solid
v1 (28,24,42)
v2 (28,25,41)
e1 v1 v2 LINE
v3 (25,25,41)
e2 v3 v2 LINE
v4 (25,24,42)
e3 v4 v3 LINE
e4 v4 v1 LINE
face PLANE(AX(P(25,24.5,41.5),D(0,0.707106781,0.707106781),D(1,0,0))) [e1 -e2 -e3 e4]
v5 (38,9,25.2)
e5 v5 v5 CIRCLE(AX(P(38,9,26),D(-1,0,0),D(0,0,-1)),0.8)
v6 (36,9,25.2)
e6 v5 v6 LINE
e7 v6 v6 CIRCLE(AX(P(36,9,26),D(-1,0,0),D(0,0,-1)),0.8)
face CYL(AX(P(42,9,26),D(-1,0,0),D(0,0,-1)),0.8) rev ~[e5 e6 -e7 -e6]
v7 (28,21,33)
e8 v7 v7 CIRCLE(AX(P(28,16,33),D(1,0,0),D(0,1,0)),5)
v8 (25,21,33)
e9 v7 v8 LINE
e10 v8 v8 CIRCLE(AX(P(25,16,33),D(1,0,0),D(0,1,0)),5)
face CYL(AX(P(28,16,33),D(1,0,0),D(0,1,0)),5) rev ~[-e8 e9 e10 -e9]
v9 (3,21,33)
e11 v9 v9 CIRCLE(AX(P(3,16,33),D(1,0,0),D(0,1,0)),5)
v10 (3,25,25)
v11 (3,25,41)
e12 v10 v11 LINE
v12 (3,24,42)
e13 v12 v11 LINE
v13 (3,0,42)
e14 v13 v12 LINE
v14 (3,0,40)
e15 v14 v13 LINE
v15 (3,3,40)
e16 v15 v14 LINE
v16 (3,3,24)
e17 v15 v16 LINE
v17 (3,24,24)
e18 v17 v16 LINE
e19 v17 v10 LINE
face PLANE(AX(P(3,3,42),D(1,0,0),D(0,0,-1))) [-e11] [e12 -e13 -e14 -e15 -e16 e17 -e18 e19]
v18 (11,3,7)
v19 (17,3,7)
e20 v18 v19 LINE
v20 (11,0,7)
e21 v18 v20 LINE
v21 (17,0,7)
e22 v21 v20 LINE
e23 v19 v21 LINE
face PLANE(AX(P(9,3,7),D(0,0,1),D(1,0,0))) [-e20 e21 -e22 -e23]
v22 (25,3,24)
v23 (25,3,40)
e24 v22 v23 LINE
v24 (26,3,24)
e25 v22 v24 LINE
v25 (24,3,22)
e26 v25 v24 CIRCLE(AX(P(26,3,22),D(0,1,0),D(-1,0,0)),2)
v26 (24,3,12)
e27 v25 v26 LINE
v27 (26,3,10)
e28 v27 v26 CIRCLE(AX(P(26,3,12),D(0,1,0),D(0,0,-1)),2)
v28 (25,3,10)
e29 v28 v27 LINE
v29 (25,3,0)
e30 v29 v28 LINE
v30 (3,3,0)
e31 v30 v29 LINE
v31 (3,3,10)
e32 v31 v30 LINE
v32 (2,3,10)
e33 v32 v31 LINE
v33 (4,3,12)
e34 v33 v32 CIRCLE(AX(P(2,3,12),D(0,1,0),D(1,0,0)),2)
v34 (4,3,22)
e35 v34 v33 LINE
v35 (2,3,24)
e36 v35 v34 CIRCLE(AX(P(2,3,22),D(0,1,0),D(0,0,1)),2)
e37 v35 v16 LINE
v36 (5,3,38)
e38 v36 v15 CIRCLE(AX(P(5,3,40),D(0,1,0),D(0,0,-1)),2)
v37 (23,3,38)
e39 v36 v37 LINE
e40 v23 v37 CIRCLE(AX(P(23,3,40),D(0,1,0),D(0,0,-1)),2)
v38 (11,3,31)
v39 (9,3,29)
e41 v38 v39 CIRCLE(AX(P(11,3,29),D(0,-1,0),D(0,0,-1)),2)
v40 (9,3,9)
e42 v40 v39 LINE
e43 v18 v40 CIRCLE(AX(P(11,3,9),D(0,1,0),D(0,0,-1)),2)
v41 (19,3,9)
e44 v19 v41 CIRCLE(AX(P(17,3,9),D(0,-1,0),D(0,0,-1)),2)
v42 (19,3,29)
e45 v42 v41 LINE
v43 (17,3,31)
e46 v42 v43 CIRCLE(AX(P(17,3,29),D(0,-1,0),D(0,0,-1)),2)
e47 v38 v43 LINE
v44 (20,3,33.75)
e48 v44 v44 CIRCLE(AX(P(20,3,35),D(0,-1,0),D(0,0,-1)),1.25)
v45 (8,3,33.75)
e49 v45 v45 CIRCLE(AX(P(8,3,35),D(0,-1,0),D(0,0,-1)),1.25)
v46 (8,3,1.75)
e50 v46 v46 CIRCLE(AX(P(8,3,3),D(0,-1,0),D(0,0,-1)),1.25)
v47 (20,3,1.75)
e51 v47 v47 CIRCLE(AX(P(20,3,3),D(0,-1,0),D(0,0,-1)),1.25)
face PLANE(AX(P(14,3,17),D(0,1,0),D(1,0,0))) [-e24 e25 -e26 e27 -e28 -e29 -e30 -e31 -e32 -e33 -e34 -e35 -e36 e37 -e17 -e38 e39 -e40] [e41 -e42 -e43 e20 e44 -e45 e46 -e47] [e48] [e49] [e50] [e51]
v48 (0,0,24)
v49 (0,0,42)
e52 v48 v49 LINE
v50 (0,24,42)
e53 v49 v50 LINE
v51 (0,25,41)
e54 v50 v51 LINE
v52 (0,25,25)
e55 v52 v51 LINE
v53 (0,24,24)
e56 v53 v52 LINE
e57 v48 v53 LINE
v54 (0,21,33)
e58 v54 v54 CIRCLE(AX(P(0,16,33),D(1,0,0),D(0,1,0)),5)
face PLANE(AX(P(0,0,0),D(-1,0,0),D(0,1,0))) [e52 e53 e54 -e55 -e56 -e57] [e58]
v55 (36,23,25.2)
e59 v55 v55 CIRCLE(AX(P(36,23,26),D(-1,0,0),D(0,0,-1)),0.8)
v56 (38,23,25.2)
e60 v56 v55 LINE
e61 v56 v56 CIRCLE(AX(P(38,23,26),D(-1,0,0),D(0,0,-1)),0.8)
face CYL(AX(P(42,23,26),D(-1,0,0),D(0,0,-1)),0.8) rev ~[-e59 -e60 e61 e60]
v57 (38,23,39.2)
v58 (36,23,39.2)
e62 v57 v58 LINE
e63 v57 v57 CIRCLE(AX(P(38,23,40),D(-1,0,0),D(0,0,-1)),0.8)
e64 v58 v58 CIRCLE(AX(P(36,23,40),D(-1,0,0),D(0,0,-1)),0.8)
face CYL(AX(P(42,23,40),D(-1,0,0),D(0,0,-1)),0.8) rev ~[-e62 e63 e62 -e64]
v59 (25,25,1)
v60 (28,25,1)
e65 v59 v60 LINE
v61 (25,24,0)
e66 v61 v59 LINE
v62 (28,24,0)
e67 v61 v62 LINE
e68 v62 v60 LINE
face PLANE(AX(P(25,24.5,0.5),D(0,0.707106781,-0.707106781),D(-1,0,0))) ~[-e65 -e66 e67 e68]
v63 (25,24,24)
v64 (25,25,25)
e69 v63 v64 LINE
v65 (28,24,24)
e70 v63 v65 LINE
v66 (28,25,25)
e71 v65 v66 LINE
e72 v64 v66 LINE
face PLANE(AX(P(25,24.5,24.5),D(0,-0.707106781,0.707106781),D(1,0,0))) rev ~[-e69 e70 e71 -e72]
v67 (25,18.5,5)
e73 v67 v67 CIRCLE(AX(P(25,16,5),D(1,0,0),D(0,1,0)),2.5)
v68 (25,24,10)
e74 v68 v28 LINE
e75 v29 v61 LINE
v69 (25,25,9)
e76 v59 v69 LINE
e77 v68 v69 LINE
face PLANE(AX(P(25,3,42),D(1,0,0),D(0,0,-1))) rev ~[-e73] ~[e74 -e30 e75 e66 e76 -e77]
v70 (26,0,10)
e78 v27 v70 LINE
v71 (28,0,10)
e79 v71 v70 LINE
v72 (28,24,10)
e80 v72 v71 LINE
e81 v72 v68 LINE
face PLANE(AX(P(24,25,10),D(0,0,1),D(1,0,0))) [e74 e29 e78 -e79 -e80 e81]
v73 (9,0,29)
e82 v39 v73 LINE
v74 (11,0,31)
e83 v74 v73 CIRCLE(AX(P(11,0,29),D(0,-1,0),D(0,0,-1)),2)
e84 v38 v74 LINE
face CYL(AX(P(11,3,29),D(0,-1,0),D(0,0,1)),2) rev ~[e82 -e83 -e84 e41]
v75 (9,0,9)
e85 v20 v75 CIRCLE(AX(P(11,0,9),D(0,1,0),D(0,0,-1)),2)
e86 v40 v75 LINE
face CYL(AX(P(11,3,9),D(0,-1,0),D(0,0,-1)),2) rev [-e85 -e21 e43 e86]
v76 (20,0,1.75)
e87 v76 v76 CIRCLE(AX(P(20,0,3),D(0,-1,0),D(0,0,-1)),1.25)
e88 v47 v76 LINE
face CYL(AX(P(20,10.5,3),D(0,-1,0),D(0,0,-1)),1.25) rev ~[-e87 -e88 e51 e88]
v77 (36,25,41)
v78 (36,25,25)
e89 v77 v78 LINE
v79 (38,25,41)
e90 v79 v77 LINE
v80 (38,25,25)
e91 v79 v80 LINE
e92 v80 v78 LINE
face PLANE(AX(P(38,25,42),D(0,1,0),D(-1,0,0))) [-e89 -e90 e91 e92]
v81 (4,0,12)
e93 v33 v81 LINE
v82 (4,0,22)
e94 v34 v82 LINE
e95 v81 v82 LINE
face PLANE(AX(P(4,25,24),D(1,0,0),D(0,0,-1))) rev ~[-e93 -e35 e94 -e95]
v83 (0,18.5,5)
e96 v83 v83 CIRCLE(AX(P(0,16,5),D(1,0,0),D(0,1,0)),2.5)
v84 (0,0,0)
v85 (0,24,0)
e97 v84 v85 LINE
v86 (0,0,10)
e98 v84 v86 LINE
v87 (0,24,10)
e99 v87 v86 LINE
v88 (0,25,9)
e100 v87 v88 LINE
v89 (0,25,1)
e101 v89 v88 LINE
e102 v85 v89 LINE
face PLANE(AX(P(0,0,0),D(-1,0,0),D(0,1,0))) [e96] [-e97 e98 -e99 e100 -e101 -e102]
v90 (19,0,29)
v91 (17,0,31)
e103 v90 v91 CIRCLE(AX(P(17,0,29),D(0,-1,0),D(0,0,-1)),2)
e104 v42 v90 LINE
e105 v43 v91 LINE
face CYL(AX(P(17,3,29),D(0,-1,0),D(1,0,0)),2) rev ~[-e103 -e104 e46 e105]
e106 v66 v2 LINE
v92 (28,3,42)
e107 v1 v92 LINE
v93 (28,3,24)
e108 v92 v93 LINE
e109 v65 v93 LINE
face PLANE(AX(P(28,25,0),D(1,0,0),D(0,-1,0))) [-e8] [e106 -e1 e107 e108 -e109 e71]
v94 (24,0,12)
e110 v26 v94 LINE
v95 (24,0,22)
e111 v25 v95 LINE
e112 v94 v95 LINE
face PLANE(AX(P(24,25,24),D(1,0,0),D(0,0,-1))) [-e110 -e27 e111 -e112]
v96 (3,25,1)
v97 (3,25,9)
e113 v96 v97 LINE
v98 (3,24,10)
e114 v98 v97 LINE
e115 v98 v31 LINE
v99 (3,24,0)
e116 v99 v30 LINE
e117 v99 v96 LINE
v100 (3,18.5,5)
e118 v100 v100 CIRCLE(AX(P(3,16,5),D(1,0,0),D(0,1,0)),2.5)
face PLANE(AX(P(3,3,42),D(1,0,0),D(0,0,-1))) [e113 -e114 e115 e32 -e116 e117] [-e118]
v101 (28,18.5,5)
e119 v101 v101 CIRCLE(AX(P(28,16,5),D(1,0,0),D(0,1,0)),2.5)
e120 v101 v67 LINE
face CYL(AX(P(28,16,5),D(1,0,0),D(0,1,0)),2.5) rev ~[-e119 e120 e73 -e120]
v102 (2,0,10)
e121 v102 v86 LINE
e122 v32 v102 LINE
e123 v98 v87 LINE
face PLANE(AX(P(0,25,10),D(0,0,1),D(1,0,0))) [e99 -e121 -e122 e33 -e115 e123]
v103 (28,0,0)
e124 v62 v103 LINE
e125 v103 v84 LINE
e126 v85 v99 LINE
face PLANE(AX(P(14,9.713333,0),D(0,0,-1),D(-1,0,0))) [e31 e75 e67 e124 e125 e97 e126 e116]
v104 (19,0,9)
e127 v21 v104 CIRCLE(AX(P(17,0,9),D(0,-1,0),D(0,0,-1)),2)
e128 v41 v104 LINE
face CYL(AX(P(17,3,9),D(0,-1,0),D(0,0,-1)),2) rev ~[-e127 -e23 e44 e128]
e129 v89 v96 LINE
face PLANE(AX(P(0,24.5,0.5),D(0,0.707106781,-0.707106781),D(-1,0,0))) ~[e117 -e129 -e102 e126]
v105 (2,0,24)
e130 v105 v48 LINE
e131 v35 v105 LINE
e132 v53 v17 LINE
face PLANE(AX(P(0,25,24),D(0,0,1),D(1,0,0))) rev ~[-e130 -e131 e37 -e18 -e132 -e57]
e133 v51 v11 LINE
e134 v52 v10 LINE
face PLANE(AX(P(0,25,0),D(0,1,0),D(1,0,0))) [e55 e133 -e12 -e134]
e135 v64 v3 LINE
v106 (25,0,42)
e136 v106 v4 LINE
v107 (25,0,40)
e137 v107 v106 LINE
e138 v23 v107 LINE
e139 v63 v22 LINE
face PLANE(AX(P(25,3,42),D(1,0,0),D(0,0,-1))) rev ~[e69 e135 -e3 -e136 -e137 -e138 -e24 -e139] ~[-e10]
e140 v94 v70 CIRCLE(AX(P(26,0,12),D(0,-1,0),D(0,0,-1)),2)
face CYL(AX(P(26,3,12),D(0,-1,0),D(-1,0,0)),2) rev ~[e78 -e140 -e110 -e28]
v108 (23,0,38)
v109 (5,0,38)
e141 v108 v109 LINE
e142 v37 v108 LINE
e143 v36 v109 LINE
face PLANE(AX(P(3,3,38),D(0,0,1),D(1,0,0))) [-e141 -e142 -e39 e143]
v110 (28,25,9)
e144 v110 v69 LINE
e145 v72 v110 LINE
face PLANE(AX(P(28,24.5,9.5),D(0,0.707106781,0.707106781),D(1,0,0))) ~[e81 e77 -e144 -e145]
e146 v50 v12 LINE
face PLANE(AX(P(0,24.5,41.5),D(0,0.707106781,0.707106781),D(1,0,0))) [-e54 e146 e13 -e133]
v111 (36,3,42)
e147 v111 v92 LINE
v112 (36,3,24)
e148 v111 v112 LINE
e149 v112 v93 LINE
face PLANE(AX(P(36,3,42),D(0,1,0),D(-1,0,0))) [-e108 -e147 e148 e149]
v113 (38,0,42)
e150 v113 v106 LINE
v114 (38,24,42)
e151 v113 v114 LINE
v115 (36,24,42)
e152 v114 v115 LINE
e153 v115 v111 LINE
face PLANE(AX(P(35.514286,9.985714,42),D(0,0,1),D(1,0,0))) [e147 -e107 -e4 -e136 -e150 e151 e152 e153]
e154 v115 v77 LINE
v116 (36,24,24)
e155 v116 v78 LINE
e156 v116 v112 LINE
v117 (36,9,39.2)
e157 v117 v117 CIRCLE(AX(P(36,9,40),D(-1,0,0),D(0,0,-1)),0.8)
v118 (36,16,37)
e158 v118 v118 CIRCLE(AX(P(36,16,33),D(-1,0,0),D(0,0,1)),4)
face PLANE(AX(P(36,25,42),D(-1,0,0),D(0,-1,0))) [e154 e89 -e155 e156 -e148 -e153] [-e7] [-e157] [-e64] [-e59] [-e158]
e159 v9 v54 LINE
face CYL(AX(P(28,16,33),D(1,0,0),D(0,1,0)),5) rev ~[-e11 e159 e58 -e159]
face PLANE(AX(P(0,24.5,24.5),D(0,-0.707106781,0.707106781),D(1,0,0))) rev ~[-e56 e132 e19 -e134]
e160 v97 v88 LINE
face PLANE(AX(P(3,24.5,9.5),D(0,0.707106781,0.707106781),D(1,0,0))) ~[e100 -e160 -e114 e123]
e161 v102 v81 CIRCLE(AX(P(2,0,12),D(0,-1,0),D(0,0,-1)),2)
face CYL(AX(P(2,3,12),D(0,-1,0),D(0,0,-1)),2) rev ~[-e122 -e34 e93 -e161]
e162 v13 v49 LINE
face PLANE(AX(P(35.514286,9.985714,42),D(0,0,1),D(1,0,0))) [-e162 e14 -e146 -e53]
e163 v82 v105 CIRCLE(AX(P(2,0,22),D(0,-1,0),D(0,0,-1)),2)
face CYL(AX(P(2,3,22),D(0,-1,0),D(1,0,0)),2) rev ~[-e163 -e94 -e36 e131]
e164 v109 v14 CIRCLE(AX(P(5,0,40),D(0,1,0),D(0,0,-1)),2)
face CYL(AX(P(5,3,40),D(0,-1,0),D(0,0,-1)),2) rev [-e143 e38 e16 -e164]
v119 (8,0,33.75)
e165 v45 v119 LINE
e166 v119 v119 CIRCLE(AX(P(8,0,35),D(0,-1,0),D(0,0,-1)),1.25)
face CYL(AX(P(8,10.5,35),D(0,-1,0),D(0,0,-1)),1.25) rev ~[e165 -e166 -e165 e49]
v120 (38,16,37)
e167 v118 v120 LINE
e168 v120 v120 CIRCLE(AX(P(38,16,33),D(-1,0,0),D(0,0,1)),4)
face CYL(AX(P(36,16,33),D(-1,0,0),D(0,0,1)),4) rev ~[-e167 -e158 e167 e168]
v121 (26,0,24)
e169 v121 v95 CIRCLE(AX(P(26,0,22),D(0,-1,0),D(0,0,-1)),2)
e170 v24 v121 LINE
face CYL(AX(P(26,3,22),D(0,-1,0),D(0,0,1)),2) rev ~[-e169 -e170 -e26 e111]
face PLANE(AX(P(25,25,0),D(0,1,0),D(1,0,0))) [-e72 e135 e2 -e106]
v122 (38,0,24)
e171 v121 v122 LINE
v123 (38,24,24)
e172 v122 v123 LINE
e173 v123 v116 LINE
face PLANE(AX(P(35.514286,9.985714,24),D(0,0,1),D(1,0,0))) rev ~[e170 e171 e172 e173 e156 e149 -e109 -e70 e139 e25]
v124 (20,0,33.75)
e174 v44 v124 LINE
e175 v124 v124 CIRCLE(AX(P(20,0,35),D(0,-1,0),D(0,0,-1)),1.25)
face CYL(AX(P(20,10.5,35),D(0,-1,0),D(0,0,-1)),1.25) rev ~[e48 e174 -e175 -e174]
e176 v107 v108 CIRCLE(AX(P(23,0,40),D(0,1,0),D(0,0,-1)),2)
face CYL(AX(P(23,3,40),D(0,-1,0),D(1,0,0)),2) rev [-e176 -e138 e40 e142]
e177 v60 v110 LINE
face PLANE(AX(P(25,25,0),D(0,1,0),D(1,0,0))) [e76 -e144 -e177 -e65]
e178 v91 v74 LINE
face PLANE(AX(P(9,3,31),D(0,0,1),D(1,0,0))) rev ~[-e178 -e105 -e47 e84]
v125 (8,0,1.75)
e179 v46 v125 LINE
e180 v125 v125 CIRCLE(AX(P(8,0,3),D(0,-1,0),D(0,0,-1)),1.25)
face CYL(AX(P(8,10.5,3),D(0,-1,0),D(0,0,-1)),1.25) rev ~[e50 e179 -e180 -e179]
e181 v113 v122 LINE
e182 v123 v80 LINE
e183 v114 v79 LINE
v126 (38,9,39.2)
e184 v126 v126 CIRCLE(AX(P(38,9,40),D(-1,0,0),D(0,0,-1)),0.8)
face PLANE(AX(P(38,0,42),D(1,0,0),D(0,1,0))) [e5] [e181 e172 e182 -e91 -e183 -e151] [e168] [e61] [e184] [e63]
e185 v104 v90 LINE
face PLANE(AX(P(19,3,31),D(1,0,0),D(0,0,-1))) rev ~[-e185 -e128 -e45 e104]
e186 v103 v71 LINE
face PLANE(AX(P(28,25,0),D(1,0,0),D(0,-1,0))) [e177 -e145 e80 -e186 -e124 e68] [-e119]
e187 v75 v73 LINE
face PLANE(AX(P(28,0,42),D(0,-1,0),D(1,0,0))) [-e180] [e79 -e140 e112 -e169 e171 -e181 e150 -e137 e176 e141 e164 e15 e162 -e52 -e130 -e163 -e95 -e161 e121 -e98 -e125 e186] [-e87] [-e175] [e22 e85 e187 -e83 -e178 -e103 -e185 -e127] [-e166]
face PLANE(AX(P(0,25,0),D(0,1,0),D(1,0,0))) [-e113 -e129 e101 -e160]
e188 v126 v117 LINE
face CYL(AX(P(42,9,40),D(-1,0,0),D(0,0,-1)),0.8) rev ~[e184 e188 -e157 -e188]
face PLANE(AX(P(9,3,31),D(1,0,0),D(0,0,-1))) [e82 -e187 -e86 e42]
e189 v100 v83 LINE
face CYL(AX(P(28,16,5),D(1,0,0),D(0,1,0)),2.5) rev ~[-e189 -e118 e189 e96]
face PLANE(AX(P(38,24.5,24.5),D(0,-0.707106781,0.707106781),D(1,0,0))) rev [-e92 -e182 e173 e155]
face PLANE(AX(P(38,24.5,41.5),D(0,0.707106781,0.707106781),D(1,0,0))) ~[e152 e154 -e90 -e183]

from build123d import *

# Parameters (mm, degrees)
EXTRUDE_1_DEPTH        = 42
SKETCH_2_R             = 2.5
SKETCH_2_R_2           = 5
CUT_EXTRUDE_1_DEPTH    = 57.329388422
EXTRUDE_2_DEPTH        = 18
SKETCH_5_R             = 4
CUT_EXTRUDE_2_DEPTH    = 61.704200843
HOLE_WIZARD_M3_1_D     = 2.5
HOLE_WIZARD_M3_1_DEPTH = 7.5
HOLE_WIZARD_M3_1_TIP   = 0.751075774
SKETCH_9_W             = 22
SKETCH_9_H             = 4
CUT_EXTRUDE_4_DEPTH    = 61.761830124
FILLET_1_R             = 2
SKETCH_10_W            = 10
SKETCH_10_H            = 24
CUT_EXTRUDE_5_DEPTH    = 61.761830124
FILLET_2_R             = 2
SKETCH_11_W            = 4
SKETCH_11_H            = 14
CUT_EXTRUDE_8_DEPTH    = 62.911226769
FILLET_3_R             = 2
SKETCH_12_W            = 28
SKETCH_12_H            = 14
CUT_EXTRUDE_9_DEPTH    = 22
HOLE_WIZARD_M2_1_D     = 1.6
HOLE_WIZARD_M2_1_DEPTH = 4
HOLE_WIZARD_M2_1_TIP   = 0.480688495
CHAMFER_1_SIZE         = 1


with BuildPart() as part:
    # 草图1 → 凸台-拉伸1 (new body)
    with BuildSketch(Plane.XY):
        Polygon((0, 0), (0, 25), (3, 25), (3, 3), (25, 3), (25, 25), (28, 25), (28, 0), align=None)
    extrude(amount=EXTRUDE_1_DEPTH)

    # 草图2 → 切除-拉伸1 (cut, through all)
    with BuildSketch(Plane(origin=(28, 0, 0), x_dir=(0, 0, -1), z_dir=(1, 0, 0))):
        with Locations(Location((-5, 16, 0), (0, 0, 90))):
            Circle(SKETCH_2_R)
        with Locations(Location((-33, 16, 0), (0, 0, 90))):
            Circle(SKETCH_2_R_2)
    extrude(amount=-CUT_EXTRUDE_1_DEPTH, mode=Mode.SUBTRACT)

    # 草图3 → 凸台-拉伸2 (add)
    with BuildSketch(Plane.XY.offset(42)):
        Polygon((28, 0), (38, 0), (38, 25), (36, 25), (36, 3), (28, 3), align=None)
    extrude(amount=-EXTRUDE_2_DEPTH)

    # 草图5 → 切除-拉伸2 (cut, through all)
    with BuildSketch(Plane.ZY.offset(-36)):
        with Locations((33, 16)):
            Circle(SKETCH_5_R)
    extrude(amount=-CUT_EXTRUDE_2_DEPTH, mode=Mode.SUBTRACT)

    # M3 螺纹孔1
    with Locations(Plane(origin=(20, 3, 3), x_dir=(0, 0, 1), z_dir=(0, 1, 0))):
        with Locations((0, 0), (0, -12), (32, 0), (32, -12)):
            Hole(HOLE_WIZARD_M3_1_D / 2, depth=HOLE_WIZARD_M3_1_DEPTH)
            with Locations((0, 0, -(HOLE_WIZARD_M3_1_DEPTH + HOLE_WIZARD_M3_1_TIP / 2))):  # 118° drill point
                Cone(0, HOLE_WIZARD_M3_1_D / 2, HOLE_WIZARD_M3_1_TIP, mode=Mode.SUBTRACT)

    # 草图9 → 切除-拉伸4 (cut, through all)
    with BuildSketch(Plane(origin=(0, 3, 0), x_dir=(1, 0, 0), z_dir=(0, 1, 0))):
        with Locations((14, -40)):
            Rectangle(SKETCH_9_W, SKETCH_9_H)
    extrude(amount=-CUT_EXTRUDE_4_DEPTH, mode=Mode.SUBTRACT)

    # 圆角1
    fillet_1_edges = [part.edges().sort_by_distance(p)[0] for p in [
        (3, 1.5, 38),
        (25, 1.5, 38),
    ]]
    fillet(fillet_1_edges, radius=FILLET_1_R)

    # 草图10 → 切除-拉伸5 (cut, through all)
    with BuildSketch(Plane(origin=(0, 3, 0), x_dir=(1, 0, 0), z_dir=(0, 1, 0))):
        with Locations((14, -19)):
            Rectangle(SKETCH_10_W, SKETCH_10_H)
    extrude(amount=-CUT_EXTRUDE_5_DEPTH, mode=Mode.SUBTRACT)

    # 圆角2
    fillet_2_edges = [part.edges().sort_by_distance(p)[0] for p in [
        (19, 1.5, 7),
        (19, 1.5, 31),
        (9, 1.5, 31),
        (9, 1.5, 7),
    ]]
    fillet(fillet_2_edges, radius=FILLET_2_R)

    # 草图11 → 切除-拉伸8 (cut, through all)
    with BuildSketch(Plane(origin=(0, 25, 0), x_dir=(1, 0, 0), z_dir=(0, 1, 0))):
        with Locations((26, -17)):
            Rectangle(SKETCH_11_W, SKETCH_11_H)
        with Locations((2, -17)):
            Rectangle(SKETCH_11_W, SKETCH_11_H)
    extrude(amount=-CUT_EXTRUDE_8_DEPTH, mode=Mode.SUBTRACT)

    # 圆角3
    fillet_3_edges = [part.edges().sort_by_distance(p)[0] for p in [
        (4, 1.5, 10),
        (4, 1.5, 24),
        (24, 1.5, 24),
        (24, 1.5, 10),
    ]]
    fillet(fillet_3_edges, radius=FILLET_3_R)

    # 草图12 → 切除-拉伸9 (cut)
    with BuildSketch(Plane(origin=(0, 25, 0), x_dir=(1, 0, 0), z_dir=(0, 1, 0))):
        with Locations((14, -17)):
            Rectangle(SKETCH_12_W, SKETCH_12_H)
    extrude(amount=-CUT_EXTRUDE_9_DEPTH, mode=Mode.SUBTRACT)

    # M2 螺纹孔1
    with Locations(Plane(origin=(38, 23, 40), x_dir=(0, 0, 1), z_dir=(1, 0, 0))):
        with Locations((0, 0), (-14, 0), (-14, 14), (0, 14)):
            Hole(HOLE_WIZARD_M2_1_D / 2, depth=HOLE_WIZARD_M2_1_DEPTH)
            with Locations((0, 0, -(HOLE_WIZARD_M2_1_DEPTH + HOLE_WIZARD_M2_1_TIP / 2))):  # 118° drill point
                Cone(0, HOLE_WIZARD_M2_1_D / 2, HOLE_WIZARD_M2_1_TIP, mode=Mode.SUBTRACT)

    # 倒角1
    chamfer_1_edges = [part.edges().sort_by_distance(p)[0] for p in [
        (26.5, 25, 42),
        (26.5, 25, 10),
        (1.5, 25, 24),
        (1.5, 25, 10),
        (26.5, 25, 24),
        (1.5, 25, 42),
        (37, 25, 24),
        (37, 25, 42),
        (1.5, 25, 0),
        (26.5, 25, 0),
    ]]
    chamfer(chamfer_1_edges, length=CHAMFER_1_SIZE)


solid = part.part
